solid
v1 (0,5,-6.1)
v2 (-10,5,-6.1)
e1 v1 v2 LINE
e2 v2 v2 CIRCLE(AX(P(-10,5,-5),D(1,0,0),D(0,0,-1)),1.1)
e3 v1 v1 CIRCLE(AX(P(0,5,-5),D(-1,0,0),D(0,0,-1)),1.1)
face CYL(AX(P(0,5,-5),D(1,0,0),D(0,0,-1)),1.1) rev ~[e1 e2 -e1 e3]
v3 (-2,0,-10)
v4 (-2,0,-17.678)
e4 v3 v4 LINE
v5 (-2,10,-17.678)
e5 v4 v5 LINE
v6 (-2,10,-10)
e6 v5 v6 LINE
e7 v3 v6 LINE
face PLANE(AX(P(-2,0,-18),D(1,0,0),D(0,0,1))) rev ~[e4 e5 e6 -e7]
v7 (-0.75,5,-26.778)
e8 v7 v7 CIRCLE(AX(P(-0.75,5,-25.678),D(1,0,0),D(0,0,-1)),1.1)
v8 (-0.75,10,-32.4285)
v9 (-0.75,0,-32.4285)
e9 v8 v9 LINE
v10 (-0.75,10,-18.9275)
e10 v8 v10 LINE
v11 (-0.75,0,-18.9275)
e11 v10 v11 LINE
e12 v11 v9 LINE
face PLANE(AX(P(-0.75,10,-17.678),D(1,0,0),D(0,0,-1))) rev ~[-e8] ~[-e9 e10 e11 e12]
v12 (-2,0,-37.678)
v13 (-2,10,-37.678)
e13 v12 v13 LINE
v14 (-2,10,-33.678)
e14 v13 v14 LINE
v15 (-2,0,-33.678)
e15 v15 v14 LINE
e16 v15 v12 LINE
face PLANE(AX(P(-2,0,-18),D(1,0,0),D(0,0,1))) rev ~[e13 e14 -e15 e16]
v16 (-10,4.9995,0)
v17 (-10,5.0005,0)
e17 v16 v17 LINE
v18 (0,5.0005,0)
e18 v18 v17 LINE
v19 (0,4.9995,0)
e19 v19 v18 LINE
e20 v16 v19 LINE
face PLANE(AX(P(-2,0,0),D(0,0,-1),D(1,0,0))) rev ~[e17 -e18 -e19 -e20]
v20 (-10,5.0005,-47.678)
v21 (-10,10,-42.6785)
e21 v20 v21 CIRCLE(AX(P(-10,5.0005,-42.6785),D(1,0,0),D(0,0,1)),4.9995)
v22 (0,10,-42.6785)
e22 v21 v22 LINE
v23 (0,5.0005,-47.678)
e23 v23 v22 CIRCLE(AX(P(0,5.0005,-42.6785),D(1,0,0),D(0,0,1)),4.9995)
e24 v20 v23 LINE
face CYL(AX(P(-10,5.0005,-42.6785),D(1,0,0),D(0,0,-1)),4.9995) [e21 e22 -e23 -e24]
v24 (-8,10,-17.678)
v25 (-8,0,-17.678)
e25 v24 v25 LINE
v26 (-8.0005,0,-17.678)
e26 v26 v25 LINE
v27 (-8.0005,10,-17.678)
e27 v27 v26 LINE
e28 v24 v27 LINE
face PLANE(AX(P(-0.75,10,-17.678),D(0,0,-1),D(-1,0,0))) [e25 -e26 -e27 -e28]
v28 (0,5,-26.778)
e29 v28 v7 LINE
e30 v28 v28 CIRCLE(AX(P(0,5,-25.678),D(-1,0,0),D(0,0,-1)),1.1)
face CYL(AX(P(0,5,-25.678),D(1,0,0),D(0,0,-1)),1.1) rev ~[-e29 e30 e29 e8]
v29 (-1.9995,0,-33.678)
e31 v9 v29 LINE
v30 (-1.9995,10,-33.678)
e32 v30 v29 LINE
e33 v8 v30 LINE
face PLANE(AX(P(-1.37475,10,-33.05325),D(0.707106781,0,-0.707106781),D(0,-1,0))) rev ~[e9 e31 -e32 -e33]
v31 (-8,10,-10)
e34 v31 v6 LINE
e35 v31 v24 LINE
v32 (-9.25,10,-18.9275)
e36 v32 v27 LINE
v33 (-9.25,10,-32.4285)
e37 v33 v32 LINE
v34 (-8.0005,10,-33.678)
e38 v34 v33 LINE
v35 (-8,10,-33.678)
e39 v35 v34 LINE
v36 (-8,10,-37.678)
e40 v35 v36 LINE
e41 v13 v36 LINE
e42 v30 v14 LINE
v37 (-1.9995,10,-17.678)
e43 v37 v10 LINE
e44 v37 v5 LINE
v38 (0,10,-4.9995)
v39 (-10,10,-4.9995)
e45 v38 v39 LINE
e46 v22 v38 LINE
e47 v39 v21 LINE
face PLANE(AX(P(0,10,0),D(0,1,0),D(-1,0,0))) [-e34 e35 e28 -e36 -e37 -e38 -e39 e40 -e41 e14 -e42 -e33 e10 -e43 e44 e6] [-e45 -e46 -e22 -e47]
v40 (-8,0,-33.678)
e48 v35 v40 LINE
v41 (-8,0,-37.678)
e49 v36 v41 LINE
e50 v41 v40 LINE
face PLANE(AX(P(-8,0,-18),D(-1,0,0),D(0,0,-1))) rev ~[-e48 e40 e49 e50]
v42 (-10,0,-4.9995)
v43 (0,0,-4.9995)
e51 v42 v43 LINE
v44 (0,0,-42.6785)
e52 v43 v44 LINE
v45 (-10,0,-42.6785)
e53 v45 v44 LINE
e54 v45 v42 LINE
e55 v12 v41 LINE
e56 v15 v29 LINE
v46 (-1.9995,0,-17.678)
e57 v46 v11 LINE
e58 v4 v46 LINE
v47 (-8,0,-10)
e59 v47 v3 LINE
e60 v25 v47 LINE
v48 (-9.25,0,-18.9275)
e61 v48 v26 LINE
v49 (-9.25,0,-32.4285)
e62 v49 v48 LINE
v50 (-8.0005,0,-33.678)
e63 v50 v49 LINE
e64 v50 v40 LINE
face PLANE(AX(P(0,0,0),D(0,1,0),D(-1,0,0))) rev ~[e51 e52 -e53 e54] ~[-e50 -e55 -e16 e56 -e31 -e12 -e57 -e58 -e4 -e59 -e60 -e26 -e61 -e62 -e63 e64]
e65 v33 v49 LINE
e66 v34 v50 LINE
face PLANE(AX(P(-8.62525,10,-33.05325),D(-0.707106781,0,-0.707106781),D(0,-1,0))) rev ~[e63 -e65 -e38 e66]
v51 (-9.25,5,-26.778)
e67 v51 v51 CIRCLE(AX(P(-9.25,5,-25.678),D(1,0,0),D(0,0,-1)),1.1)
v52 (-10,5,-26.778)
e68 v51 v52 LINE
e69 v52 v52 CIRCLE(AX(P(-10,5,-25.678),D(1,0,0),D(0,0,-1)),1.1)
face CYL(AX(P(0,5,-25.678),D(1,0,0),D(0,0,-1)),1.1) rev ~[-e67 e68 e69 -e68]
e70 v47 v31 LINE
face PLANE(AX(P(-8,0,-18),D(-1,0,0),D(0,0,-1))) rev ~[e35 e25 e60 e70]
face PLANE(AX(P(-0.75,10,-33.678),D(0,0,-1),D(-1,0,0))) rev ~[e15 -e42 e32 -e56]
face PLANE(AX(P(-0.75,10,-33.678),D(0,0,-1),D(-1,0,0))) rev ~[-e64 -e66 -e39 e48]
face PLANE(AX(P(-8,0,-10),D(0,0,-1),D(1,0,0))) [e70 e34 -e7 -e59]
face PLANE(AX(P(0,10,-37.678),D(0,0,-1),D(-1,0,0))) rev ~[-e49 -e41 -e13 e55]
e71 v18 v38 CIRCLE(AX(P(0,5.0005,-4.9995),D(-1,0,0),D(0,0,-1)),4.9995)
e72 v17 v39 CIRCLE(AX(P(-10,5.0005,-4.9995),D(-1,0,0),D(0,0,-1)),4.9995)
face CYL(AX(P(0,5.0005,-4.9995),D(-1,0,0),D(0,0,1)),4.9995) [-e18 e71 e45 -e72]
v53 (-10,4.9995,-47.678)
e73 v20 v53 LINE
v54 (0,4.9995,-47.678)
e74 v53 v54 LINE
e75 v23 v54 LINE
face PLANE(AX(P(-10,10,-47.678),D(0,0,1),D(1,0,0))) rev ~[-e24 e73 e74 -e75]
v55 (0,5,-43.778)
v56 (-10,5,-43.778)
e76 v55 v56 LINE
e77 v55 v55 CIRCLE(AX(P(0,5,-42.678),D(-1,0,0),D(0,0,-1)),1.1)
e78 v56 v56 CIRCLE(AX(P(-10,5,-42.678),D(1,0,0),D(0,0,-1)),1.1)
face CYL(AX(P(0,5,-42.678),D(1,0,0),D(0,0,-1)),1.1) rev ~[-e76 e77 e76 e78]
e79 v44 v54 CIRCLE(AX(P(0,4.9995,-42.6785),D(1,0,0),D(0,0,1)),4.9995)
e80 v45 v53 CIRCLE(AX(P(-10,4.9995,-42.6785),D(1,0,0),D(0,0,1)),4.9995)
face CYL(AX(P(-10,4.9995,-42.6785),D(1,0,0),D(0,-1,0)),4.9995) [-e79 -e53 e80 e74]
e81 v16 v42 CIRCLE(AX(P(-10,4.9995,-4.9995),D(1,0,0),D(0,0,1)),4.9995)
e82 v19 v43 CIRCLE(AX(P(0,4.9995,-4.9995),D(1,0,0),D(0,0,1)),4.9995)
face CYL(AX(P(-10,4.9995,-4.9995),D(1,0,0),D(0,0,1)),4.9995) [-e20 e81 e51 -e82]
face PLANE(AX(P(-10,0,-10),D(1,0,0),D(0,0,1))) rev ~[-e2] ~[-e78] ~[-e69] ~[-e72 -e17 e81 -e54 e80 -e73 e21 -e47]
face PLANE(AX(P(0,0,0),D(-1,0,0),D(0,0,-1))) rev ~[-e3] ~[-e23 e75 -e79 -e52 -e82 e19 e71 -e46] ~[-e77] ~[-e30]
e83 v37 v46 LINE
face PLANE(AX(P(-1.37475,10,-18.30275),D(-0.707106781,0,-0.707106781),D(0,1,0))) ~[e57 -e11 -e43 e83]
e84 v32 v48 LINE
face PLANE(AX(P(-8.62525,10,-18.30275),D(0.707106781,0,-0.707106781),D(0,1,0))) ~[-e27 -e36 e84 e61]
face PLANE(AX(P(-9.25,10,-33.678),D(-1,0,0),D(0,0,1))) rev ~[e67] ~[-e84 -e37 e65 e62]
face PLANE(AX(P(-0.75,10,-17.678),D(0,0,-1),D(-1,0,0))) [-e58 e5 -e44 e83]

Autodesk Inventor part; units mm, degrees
ref_plane "YZ Plane" through (0, 0, 0) normal (1, 0, 0) x (0, 1, 0)
ref_plane "XZ Plane" through (0, 0, 0) normal (0, 1, 0) x (-1, 0, 0)
ref_plane "XY Plane" through (0, 0, 0) normal (0, 0, 1) x (1, 0, 0)
sketch "Sketch1" plane through (0, 0, 0) normal (0, 1, 0) x (-1, 0, 0)
  line L0 (0, 0) -> (0, -60)
  line L1 (0, -60) -> (10, -60)
  line L2 (10, -60) -> (10, 0)
  line L3 (10, 0) -> (0, 0)
  line L4 (10, -60) -> (10, -58)
  line L5 (10, -58) -> (0, -58)
  line L6 (10, -58) -> (8, -58)
  line L7 (0, 0) -> (2, 0)
  line L8 (2, 0) -> (2, -2)
  line L9 (2, -2) -> (0, -2)
  line L10 (0, -2) -> (0, 0)
  line L11 (2, -2) -> (8, -2)
  line L12 (8, -2) -> (8, -58)
  line L13 (8, -58) -> (2, -58)
  line L14 (2, -58) -> (2, -2)
  line L15 (10, 0) -> (10, -10)
  line L16 (10, -10) -> (0, -10)
  line L17 (8, -10) -> (8, -18)
  line L18 (8, -18) -> (2, -18)
  line L19 (2, -18) -> (1, -18)
  point P0 (2, -10)
  dimension "d0" = 60
  dimension "d1" = 10
  dimension "d2" = 2
  dimension "d3" = 2
  dimension "d4" = 2
  dimension "d5" = 2
  dimension "d8" = 10
  dimension "d29" = 8
extrude "Extrusion1" add sketch "Sketch1" along normal blind 10 contours L3 L8 L9 L0 | L9 L14 L16 L0 | L3 L2 L16 L12 L11 L8 | L16 L14 L5 L0 | L11 L12 L16 L14 | L5 L2 L1 L0 | L2 L5 L12 L16
fillet "Fillet1" radius 5 2 edges at (-5, 10, 0) (-5, 0, 0)
sketch "Sketch2" plane through (0, 0, -60) normal (1, 0, 0) x (0, 0, -1)
  arc A0 (-55, 10) -> (-55, 0) centre (-55, 5) ccw projected
  line L0 (-55, 10) -> (-55, 0)
  circle A1 centre (-55, 5) radius 1.1
  point P0 (-60, 0)
  dimension "d10" = 2.2
extrude "Extrusion2" cut sketch "Sketch2" against normal through all contours A1 L0 | L0 A1
sketch "Sketch3" plane through (0, 0, -60) normal (1, 0, 0) x (0, 0, -1)
  circle A0 centre (-55, 5) radius 1.1 projected
  line L0 (-55, 5) -> (-34.322, 5)
  circle A1 centre (-34.322, 5) radius 1.1
  point P0 (-60, 0)
  dimension "d13" = 20.678
  dimension "d53" = 2.2
extrude "Extrusion3" cut sketch "Sketch3" against normal through all contours A1
sketch "Sketch5" plane through (0, 10, 0) normal (0, 1, 0) x (1, 0, 0)
  line L0 (0, 26.778) -> (0, 24.578) projected
  line L1 (0, 25.678) -> (0, 37.678)
  line L2 (0, 37.678) -> (-10, 37.678)
  line L3 (-10, 60) -> (-10, 5) projected
  line L4 (-10, 37.678) -> (-10, 39.678)
  line L5 (-10, 39.678) -> (0, 39.678)
  line L6 (0, 5) -> (0, 60) projected
  line L7 (0, 39.678) -> (0, 41.678)
  line L8 (0, 41.678) -> (-10, 41.678)
  line L9 (-10, 39.678) -> (-10, 41.678)
  line L10 (0, 37.678) -> (0, 47.678)
  line L11 (0, 47.678) -> (-10, 47.678)
  line L12 (-10, 60) -> (-10, 5) projected
  point P0 (0, 0)
  point P1 (0, 41.678)
  dimension "d17" = 12
  dimension "d18" = 2
  dimension "d19" = 2
  dimension "d22" = 10
extrude "Extrusion4" add sketch "Sketch5" against normal blind 10
sketch "Sketch6" plane through (0, 10, 0) normal (0, 1, 0) x (1, 0, 0)
  line L0 (-10, 60) -> (0, 60)
  line L1 (0, 60) -> (0, 50.678)
  line L2 (0, 50.678) -> (-10, 50.678)
  line L3 (-10, 50.678) -> (-10, 60)
  line L4 (-10, 60) -> (-10, 47.678)
  line L5 (-10, 47.678) -> (0, 47.678)
  line L6 (-2, 47.678) -> (-8, 47.678) projected
  line L7 (0, 47.678) -> (0, 50.678)
  line L8 (0, 5) -> (0, 60) projected
  point P0 (0, 0)
extrude "Extrusion5" cut sketch "Sketch6" against normal blind 10
sketch "Sketch7" plane through (0, 5, -5) normal (1, 0, 0) x (0, 0, -1)
  line L0 (42.678, 5) -> (0, 5) projected
  circle A0 centre (37.678, 0) radius 1.1
  line L1 (5, 5) -> (32.678, 5) projected
  line L2 (37.678, 5) -> (37.678, -5)
  point P0 (-5, -5)
  point P1 (40.678, 5)
  point P2 (40.678, -5)
  point P3 (45.678, 5)
extrude "Extrusion6" cut sketch "Sketch7" against normal through all
sketch "Sketch8" plane through (0, 10, 0) normal (0, 1, 0) x (1, 0, 0)
  line L0 (0, 26.778) -> (0, 24.578) projected
  line L1 (0, 25.678) -> (-8, 25.678)
  line L2 (-8, 26.778) -> (-8, 24.578) projected
  line L3 (0, 25.678) -> (0, 17.678)
  line L4 (0, 5) -> (0, 47.678) projected
  line L5 (0, 17.678) -> (-2, 17.678)
  line L6 (-2, 37.678) -> (-2, 10) projected
  line L7 (-2, 17.678) -> (-1, 17.678)
  line L8 (-1, 17.678) -> (-1, 33.678)
  line L9 (-1, 33.678) -> (-2, 33.678)
  line L10 (-2, 33.678) -> (-9, 33.678)
  line L11 (-9, 33.678) -> (-9, 17.678)
  line L12 (-9, 17.678) -> (-2, 17.678)
  line L13 (-9, 33.678) -> (-9.25, 33.678)
  line L14 (-9.25, 33.678) -> (-9.25, 17.678)
  line L15 (-9.25, 17.678) -> (-9, 17.678)
  line L16 (-1, 17.678) -> (-0.75, 17.678)
  line L17 (-0.75, 17.678) -> (-0.75, 33.678)
  line L18 (-0.75, 33.678) -> (-1, 33.678)
  point P0 (0, 0)
  point P1 (0, 45.678)
  point P2 (0, 50.678)
  dimension "d30" = 8
  dimension "d31" = 16
  dimension "d32" = 7
  dimension "d50" = 0.25
  dimension "d51" = 0.25
extrude "Extrusion7" cut sketch "Sketch8" against normal blind 10 contours L17 L5 L8 L1 | L1 L8 L18 L17 | L8 L5 L6 L1 | L1 L6 L9 L8 | L6 L12 L11 L10 | L11 L15 L14 L13
fillet "Fillet3" radius 5 2 edges at (-5, 10, -47.678) (-5, 0, -47.678)
chamfer "Chamfer2" distance 1.25 angle 45 4 edges at (-9.25, 5, -17.678) (-9.25, 5, -33.678) (-0.75, 5, -17.678) (-0.75, 5, -33.678)
properties part number "mid"
